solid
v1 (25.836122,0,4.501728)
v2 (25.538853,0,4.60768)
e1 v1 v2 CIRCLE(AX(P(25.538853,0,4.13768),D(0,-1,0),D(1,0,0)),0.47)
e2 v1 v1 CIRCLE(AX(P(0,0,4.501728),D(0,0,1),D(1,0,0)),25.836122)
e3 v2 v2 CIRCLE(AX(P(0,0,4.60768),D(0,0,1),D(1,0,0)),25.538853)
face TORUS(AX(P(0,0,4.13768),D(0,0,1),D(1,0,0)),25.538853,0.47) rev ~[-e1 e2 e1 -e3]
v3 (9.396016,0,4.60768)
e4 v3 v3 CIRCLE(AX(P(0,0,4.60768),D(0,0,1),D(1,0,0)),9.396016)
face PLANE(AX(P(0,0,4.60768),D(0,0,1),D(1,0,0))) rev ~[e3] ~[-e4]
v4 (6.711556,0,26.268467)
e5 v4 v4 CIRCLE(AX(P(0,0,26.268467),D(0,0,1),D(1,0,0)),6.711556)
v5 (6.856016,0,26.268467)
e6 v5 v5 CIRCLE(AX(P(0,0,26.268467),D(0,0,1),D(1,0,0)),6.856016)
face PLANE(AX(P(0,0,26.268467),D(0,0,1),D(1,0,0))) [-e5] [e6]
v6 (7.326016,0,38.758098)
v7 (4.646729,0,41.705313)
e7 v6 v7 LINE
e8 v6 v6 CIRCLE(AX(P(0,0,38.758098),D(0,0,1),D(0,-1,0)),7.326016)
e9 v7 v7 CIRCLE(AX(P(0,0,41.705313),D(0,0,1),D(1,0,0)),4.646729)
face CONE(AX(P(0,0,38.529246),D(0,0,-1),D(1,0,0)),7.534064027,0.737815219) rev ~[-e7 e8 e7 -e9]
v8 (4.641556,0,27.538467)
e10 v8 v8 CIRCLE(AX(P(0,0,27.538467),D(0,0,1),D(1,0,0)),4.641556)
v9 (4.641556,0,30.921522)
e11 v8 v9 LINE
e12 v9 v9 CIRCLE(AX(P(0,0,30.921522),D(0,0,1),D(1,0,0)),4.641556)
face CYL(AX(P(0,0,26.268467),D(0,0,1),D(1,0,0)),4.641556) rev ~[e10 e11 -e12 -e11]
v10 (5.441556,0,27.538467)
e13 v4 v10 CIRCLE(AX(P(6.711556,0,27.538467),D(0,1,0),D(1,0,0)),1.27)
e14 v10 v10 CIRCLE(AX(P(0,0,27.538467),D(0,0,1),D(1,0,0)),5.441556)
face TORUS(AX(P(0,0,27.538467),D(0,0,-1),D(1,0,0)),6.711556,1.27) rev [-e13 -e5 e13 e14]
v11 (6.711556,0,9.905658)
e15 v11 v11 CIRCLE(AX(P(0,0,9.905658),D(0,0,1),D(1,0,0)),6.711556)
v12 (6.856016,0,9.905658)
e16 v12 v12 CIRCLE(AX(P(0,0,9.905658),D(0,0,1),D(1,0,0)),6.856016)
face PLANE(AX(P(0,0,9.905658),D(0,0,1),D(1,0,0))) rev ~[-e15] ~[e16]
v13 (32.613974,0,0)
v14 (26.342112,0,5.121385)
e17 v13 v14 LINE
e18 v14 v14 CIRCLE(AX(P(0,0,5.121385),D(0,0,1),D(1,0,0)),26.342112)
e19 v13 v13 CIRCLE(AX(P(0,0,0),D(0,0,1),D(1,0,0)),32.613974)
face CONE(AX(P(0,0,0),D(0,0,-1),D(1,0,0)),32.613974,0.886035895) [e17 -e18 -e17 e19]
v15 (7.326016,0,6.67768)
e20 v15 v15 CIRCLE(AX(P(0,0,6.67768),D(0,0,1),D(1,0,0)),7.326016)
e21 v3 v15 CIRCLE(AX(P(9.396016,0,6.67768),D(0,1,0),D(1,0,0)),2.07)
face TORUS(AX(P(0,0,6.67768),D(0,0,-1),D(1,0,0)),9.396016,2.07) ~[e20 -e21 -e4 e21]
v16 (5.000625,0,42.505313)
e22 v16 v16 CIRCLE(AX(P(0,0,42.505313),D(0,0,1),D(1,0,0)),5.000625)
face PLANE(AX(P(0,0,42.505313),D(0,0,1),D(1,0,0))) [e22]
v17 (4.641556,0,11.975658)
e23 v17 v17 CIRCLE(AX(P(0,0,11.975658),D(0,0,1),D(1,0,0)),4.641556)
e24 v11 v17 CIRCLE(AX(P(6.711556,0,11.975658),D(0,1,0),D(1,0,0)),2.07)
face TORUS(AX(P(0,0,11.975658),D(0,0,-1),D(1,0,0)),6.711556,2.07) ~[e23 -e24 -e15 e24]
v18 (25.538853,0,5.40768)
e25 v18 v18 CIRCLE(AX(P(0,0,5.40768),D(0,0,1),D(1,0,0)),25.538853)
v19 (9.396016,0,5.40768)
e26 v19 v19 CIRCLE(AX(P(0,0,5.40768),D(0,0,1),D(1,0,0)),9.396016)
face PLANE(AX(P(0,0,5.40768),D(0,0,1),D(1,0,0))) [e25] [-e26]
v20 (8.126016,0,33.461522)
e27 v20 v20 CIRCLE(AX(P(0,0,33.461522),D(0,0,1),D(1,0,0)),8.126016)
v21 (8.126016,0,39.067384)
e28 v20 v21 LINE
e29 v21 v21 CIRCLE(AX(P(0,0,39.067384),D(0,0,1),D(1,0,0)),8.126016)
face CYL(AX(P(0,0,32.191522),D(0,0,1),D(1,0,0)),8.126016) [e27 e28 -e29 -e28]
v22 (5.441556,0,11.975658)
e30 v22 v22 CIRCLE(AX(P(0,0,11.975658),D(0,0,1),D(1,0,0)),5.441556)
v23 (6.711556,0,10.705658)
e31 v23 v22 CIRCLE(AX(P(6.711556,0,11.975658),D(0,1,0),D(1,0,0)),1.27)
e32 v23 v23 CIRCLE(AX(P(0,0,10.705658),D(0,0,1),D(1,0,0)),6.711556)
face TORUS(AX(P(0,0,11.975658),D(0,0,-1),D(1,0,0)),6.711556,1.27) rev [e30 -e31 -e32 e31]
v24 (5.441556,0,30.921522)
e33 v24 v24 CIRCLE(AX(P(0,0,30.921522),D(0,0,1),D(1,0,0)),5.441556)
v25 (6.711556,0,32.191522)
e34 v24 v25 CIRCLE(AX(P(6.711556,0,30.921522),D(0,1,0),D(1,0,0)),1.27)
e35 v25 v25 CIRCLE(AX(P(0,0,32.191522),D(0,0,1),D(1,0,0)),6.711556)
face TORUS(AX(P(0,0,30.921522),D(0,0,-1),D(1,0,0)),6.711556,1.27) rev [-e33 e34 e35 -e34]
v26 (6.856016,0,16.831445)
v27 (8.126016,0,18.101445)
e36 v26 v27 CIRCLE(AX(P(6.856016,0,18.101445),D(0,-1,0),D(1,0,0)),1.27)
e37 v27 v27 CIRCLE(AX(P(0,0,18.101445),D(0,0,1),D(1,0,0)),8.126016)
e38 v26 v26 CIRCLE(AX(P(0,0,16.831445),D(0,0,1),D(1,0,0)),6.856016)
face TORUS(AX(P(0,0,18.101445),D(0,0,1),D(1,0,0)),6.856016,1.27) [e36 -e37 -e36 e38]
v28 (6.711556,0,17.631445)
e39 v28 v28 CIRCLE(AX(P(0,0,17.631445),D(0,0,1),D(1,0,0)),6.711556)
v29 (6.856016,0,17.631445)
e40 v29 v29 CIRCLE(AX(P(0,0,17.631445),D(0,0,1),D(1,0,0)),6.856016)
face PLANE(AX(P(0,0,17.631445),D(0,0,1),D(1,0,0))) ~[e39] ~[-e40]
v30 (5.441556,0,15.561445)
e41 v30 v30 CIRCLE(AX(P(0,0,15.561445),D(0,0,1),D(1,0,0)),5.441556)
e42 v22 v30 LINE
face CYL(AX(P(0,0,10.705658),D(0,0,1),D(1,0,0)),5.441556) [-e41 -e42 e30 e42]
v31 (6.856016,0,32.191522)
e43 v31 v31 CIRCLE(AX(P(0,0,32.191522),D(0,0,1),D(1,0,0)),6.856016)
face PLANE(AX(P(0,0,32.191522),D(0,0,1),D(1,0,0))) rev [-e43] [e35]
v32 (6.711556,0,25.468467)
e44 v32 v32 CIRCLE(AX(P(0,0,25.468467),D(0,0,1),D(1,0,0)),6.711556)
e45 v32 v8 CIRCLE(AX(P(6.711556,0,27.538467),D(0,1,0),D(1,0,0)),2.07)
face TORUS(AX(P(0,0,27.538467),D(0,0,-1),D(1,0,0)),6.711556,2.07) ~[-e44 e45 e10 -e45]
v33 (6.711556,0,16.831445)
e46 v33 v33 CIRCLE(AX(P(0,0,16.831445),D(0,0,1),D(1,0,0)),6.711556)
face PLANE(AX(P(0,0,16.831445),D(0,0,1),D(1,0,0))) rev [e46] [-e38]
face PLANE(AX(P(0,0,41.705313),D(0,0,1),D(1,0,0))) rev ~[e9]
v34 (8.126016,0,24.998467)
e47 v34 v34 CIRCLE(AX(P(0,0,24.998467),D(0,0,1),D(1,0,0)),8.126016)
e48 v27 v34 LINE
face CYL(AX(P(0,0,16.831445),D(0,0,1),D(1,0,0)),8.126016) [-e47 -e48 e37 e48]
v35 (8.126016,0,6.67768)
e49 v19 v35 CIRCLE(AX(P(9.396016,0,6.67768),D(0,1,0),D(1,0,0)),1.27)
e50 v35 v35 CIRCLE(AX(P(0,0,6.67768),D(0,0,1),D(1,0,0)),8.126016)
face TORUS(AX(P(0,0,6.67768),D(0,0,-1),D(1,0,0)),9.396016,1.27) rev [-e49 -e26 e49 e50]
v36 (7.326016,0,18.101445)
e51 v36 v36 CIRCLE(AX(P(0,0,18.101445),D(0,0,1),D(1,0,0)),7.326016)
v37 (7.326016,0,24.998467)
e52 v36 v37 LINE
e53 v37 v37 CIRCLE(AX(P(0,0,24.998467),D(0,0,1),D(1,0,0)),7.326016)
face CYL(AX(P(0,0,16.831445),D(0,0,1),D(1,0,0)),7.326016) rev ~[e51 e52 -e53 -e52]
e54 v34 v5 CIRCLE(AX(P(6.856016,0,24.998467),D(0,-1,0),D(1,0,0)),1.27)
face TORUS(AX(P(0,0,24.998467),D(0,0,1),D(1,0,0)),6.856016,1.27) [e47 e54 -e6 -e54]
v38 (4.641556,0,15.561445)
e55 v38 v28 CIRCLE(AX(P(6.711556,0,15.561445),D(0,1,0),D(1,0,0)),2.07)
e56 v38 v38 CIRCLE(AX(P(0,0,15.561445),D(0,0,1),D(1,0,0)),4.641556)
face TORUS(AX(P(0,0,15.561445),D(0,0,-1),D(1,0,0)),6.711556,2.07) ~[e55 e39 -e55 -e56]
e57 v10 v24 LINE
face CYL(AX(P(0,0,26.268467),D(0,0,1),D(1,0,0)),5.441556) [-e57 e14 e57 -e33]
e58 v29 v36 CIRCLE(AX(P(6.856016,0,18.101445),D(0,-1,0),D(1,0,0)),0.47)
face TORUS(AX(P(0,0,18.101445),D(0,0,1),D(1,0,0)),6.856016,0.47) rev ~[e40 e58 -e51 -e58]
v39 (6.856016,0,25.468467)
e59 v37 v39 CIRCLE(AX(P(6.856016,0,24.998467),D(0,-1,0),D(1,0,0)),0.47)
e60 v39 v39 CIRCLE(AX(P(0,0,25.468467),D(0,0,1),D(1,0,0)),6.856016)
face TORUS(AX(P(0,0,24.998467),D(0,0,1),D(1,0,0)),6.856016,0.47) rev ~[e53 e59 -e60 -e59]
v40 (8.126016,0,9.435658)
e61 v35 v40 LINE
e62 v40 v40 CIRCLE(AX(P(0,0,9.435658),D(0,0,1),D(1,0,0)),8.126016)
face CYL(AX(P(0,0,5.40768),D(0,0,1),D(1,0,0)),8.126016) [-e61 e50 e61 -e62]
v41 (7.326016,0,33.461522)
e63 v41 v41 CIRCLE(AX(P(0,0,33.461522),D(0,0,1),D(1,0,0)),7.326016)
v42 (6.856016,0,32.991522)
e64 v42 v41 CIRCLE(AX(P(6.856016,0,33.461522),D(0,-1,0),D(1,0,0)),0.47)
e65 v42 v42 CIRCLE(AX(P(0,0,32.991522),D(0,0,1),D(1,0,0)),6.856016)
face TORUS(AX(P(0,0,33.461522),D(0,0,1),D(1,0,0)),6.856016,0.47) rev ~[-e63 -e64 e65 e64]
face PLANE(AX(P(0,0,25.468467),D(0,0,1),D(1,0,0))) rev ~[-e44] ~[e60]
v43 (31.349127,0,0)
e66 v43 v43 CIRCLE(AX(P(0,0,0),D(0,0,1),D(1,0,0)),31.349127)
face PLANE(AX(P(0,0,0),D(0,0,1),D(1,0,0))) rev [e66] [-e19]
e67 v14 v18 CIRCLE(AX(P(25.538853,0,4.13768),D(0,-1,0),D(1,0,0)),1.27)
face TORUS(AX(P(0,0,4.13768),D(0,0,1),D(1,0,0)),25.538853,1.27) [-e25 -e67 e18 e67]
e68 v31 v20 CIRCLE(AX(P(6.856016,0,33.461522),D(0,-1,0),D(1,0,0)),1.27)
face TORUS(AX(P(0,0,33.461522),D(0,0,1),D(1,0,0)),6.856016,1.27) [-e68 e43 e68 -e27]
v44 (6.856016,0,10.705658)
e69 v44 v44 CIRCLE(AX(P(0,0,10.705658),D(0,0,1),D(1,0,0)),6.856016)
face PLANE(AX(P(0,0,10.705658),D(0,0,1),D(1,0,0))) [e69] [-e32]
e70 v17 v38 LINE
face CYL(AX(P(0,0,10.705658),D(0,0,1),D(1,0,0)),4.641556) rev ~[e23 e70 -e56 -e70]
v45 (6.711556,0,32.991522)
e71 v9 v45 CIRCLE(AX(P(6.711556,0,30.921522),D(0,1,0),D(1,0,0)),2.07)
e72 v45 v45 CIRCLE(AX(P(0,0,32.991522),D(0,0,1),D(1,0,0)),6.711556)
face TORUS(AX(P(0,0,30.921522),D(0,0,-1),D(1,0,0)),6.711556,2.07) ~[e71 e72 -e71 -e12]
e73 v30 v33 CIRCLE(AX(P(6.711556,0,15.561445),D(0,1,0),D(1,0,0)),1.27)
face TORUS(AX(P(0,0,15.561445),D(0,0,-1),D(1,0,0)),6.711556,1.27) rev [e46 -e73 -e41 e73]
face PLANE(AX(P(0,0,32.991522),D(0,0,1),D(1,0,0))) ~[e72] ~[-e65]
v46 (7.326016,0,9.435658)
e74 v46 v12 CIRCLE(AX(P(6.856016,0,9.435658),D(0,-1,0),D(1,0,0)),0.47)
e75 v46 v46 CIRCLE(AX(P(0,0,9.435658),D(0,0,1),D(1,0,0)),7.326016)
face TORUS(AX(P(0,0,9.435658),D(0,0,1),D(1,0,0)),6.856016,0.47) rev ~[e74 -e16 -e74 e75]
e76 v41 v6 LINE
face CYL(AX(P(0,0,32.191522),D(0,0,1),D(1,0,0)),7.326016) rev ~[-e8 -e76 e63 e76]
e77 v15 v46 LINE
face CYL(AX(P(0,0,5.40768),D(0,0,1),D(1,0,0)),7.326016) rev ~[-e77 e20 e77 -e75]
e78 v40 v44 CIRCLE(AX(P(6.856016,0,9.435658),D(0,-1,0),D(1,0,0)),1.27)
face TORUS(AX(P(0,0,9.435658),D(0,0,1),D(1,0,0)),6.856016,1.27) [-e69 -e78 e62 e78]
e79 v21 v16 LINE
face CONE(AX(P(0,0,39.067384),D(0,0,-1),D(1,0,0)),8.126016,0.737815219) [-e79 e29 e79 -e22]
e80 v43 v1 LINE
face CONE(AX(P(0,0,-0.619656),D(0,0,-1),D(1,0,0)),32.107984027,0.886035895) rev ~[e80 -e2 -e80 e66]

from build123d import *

# Parameters (mm, degrees)
F2_R = 1.27
F3_T = -0.8


with BuildPart() as f1:
    # F0 (on Front) → F1 (revolve)
    with BuildSketch(Plane.XZ):
        Polygon((0, 42.505313), (0, 0), (32.613974, 0), (25.991503, 5.40768), (8.126016, 5.40768), (8.126016, 10.705658), (5.441556, 10.705658), (5.441556, 16.831445), (8.126016, 16.831445), (8.126016, 26.268467), (5.441556, 26.268467), (5.441556, 32.191522), (8.126016, 32.191522), (8.126016, 39.067384), (5.000625, 42.505313), align=None)
    revolve(axis=Axis((0, 0, 21.252656), (0, 0, 1)))

    # F2
    f2_edges = [f1.edges().sort_by_distance(p)[0] for p in [
        (-8.126016, 0, 32.191522),
        (-8.126016, 0, 26.268467),
        (-5.441556, 0, 26.268467),
        (-5.441556, 0, 32.191522),
        (-5.441556, 0, 16.831445),
        (-8.126016, 0, 16.831445),
        (-5.441556, 0, 10.705658),
        (-8.126016, 0, 10.705658),
        (-8.126016, 0, 5.40768),
        (-25.991503, 0, 5.40768),
    ]]
    fillet(f2_edges, radius=F2_R)

    # F3
    f3_openings = [f1.faces().sort_by_distance(p)[0] for p in [
        (0, 0, 0),
    ]]
    offset(amount=F3_T, openings=f3_openings)


solid = f1.part
